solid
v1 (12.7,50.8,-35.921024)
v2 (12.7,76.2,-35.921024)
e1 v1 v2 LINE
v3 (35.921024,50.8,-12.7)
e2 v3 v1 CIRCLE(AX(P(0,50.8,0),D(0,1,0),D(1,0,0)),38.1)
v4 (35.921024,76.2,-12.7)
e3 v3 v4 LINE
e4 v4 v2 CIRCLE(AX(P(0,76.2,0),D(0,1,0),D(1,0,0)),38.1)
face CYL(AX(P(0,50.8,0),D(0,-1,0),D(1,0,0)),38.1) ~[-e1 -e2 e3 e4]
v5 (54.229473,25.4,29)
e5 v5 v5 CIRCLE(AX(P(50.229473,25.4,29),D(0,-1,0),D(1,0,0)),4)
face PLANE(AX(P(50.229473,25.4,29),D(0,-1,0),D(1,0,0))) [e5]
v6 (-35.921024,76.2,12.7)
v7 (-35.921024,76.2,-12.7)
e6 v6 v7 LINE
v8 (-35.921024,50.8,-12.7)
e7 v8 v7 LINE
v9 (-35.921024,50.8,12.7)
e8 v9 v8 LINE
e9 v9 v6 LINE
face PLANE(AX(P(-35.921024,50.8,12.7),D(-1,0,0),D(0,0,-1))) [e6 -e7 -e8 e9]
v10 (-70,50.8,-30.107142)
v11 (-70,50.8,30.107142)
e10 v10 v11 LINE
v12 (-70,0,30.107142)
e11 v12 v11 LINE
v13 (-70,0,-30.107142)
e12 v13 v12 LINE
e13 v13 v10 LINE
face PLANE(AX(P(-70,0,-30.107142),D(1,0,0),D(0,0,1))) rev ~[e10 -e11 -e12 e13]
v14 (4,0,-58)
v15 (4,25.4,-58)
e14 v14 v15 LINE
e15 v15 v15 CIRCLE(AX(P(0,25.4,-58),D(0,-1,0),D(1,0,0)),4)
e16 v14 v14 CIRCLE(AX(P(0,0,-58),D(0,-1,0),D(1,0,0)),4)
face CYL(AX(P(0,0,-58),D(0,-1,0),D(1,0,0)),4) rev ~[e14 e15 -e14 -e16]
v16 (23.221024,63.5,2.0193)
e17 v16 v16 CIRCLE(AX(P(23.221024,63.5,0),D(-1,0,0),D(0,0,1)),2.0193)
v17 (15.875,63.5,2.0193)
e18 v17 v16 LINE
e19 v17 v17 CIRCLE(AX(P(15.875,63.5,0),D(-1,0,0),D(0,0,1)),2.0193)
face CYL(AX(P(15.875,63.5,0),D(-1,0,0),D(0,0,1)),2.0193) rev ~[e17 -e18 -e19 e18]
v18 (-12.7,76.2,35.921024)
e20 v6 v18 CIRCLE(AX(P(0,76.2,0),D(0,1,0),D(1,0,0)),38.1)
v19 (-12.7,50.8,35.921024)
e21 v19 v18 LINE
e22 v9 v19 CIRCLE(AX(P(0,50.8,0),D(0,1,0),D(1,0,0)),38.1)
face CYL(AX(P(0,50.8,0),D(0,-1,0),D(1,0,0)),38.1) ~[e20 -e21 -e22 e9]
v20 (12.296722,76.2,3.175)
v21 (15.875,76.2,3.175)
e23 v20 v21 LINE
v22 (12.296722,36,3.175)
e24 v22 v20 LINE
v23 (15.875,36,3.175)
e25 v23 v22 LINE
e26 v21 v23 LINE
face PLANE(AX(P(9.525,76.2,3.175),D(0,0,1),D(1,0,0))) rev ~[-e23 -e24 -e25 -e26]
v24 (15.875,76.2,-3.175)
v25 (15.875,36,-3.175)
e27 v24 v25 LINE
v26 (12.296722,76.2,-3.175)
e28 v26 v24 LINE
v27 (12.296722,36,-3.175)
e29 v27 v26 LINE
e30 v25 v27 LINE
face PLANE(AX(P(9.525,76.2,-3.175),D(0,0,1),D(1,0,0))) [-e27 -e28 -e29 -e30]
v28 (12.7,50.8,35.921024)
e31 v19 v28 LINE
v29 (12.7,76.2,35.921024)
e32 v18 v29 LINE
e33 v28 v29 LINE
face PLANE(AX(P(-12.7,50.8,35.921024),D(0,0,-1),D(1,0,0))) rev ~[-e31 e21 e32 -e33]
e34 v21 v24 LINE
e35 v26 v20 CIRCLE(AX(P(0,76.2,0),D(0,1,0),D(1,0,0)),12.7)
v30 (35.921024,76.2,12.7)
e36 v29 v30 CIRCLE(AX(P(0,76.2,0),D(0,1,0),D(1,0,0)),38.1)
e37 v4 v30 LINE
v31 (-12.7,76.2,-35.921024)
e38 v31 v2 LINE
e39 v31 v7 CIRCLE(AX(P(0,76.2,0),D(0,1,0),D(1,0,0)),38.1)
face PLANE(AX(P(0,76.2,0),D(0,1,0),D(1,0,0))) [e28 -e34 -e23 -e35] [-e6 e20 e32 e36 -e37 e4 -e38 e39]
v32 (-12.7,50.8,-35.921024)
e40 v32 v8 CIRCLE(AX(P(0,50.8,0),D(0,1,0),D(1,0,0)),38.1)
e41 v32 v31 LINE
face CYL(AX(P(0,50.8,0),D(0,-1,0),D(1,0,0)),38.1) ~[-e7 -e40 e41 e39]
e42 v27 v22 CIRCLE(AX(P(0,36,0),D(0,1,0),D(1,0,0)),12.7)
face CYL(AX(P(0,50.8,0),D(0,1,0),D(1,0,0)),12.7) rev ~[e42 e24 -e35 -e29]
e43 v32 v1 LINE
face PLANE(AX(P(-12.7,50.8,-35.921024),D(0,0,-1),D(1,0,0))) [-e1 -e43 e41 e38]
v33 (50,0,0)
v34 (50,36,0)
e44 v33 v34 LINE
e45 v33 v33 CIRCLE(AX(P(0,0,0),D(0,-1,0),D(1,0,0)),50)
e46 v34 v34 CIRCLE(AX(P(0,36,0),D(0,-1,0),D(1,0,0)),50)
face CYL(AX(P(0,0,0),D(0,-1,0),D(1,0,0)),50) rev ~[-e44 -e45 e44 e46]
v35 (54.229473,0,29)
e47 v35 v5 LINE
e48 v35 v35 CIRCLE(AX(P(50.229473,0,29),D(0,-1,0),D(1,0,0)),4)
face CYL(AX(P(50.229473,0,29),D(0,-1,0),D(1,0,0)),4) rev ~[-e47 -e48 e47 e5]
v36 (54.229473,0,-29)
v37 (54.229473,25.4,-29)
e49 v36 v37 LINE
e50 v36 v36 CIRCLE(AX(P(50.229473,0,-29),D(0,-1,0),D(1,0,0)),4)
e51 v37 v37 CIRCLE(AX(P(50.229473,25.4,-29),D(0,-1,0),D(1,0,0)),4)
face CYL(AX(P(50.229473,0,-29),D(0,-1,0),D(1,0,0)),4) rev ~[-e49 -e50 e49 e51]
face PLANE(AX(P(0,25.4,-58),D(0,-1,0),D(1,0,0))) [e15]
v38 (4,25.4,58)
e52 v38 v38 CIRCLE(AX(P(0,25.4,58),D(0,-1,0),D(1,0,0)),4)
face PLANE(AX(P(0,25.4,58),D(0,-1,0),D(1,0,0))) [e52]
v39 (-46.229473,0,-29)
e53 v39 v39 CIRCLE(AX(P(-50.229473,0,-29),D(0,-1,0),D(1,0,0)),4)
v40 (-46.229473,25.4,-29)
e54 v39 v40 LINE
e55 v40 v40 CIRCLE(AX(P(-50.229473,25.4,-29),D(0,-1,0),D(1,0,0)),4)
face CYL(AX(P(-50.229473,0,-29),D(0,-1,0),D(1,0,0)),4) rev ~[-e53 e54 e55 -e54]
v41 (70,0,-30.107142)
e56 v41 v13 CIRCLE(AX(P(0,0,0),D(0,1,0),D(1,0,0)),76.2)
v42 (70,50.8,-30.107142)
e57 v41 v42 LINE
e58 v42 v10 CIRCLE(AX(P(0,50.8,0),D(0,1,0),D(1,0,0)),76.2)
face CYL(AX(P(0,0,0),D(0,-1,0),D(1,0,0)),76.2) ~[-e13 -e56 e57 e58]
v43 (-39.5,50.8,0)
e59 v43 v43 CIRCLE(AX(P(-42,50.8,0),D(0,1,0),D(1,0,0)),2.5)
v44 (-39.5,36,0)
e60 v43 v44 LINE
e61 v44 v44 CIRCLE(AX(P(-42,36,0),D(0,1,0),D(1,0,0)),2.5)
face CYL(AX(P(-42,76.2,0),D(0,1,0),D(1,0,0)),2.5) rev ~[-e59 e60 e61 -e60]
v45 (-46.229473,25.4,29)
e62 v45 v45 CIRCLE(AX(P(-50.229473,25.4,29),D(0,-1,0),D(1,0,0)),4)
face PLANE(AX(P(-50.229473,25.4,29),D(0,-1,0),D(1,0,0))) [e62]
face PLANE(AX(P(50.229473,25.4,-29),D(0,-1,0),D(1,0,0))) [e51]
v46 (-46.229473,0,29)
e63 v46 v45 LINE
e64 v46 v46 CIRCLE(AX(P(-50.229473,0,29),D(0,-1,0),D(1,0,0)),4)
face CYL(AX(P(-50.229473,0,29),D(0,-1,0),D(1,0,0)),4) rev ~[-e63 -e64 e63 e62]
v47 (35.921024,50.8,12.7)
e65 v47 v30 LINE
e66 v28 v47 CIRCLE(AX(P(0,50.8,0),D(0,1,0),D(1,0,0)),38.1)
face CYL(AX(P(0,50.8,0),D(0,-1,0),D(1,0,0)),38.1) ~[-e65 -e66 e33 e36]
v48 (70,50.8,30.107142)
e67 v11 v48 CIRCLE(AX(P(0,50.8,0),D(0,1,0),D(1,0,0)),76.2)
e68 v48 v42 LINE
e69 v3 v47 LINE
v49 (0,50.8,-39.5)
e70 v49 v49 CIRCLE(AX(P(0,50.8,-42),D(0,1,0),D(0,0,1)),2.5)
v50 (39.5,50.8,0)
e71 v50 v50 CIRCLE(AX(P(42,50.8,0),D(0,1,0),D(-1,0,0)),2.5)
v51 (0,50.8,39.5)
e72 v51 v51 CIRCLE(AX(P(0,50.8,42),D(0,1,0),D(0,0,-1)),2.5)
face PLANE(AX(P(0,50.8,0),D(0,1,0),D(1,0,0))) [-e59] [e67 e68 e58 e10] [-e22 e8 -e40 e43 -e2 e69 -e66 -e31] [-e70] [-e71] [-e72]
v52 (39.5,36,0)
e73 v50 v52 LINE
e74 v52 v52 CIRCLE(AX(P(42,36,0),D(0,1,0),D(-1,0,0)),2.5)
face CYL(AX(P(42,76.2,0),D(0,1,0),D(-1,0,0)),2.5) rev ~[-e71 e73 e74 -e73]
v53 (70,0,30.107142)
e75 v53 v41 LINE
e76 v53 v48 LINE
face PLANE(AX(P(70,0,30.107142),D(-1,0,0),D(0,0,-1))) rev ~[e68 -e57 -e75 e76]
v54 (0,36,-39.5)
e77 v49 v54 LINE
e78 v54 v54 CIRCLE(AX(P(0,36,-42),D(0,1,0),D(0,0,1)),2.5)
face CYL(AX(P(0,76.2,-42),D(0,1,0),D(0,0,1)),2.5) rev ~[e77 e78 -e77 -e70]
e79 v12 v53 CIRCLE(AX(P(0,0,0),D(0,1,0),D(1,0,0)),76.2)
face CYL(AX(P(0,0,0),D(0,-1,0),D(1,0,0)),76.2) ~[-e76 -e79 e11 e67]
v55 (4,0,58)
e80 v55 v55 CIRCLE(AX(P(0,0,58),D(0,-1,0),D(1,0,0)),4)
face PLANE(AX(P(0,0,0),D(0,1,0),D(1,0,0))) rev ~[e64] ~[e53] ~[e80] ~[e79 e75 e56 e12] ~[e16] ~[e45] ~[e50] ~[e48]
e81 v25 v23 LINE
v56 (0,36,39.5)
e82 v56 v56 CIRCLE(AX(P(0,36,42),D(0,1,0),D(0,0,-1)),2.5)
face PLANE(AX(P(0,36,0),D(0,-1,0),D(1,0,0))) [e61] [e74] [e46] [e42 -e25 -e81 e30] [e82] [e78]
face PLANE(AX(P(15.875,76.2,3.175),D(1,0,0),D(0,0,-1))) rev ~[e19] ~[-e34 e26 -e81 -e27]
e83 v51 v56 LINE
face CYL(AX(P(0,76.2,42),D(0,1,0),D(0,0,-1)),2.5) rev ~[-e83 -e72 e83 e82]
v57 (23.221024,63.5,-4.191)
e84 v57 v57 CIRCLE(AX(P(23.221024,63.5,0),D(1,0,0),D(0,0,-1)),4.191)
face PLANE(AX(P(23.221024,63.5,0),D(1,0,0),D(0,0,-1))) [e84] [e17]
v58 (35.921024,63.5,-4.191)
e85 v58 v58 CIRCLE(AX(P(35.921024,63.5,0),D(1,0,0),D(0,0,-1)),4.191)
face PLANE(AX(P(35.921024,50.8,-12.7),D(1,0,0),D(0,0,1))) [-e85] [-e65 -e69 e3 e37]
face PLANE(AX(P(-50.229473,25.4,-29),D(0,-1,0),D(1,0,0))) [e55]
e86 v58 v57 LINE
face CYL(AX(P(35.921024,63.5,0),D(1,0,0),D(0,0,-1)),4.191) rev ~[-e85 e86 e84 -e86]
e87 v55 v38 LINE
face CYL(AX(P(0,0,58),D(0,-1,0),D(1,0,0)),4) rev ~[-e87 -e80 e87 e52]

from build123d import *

# Parameters (mm, degrees)
SKETCH1_R           = 76.2
BOSS_EXTRUDE1_DEPTH = 76.2
SKETCH2_R           = 50
CUT_EXTRUDE1_DEPTH  = 36
SKETCH3_R           = 4
CUT_EXTRUDE3_DEPTH  = 25.4
CUT_EXTRUDE4_DEPTH  = 132.982271537
CUT_EXTRUDE5_START  = -25.4
SKETCH4_R           = 76.2
SKETCH4_R_2         = 38.1
SKETCH4_R_3         = 12.7
CUT_EXTRUDE5_DEPTH  = 25.4
SKETCH8_W           = 6.35
SKETCH8_H           = 6.35
CUT_EXTRUDE7_DEPTH  = 129.502451338
SKETCH10_R          = 12.7
CUT_EXTRUDE8_DEPTH  = 116.269597032
SKETCH9_R           = 2.0193
CUT_EXTRUDE9_DEPTH  = 138.794759062
CUT_EXTRUDE10_START = -25.4
SKETCH11_W          = 25.4
SKETCH11_H          = 2.178975516
SKETCH11_W_2        = 2.178975516
SKETCH11_H_2        = 25.4
CUT_EXTRUDE10_DEPTH = 25.4
SKETCH14_R          = 2.5
CUT_EXTRUDE13_DEPTH = 129.502451338
SKETCH15_R          = 4.191
CUT_EXTRUDE14_DEPTH = 12.7
CIRPATTERN1_COUNT   = 4


with BuildPart() as part:
    # Sketch1 → Boss-Extrude1 (new body)
    with BuildSketch(Plane(origin=(0, 0, 0), x_dir=(1, 0, 0), z_dir=(0, 1, 0))):
        Circle(SKETCH1_R)
    extrude(amount=BOSS_EXTRUDE1_DEPTH)

    # Sketch2 → Cut-Extrude1 (cut)
    with BuildSketch(Plane.XZ):
        Circle(SKETCH2_R)
    extrude(amount=-CUT_EXTRUDE1_DEPTH, mode=Mode.SUBTRACT)

    # Sketch3 → Cut-Extrude3 (cut)
    with BuildSketch(Plane.XZ):
        with Locations((0, 58)):
            Circle(SKETCH3_R)
        with Locations((50.229473419, 29)):
            Circle(SKETCH3_R)
        with Locations((50.229473419, -29)):
            Circle(SKETCH3_R)
        with Locations((0, -58)):
            Circle(SKETCH3_R)
        with Locations((-50.229473419, -29)):
            Circle(SKETCH3_R)
        with Locations((-50.229473419, 29)):
            Circle(SKETCH3_R)
    extrude(amount=-CUT_EXTRUDE3_DEPTH, mode=Mode.SUBTRACT)

    # Sketch5 → Cut-Extrude4 (cut, through all)
    with BuildSketch(Plane.XZ):
        Polygon((70, 0), (70, -30.10714201), (76.2, -30.10714201), (76.2, 30.10714201), (70, 30.10714201), align=None)
        Polygon((-70, 0), (-70, 30.10714201), (-76.35, 30.10714201), (-76.35, -30.10714201), (-70, -30.10714201), align=None)
    extrude(amount=-CUT_EXTRUDE4_DEPTH, mode=Mode.SUBTRACT)

    # Sketch4 → Cut-Extrude5 (cut)
    # profile 1 of 2: a face of its own
    with BuildSketch(Plane(origin=(0, 76.2, 0), x_dir=(1, 0, 0), z_dir=(0, 1, 0)).offset(CUT_EXTRUDE5_START)):
        Circle(SKETCH4_R)
        Circle(SKETCH4_R_2, mode=Mode.SUBTRACT)
    # profile 2 of 2: a face of its own
    with BuildSketch(Plane(origin=(0, 76.2, 0), x_dir=(1, 0, 0), z_dir=(0, 1, 0)).offset(CUT_EXTRUDE5_START)):
        Circle(SKETCH4_R_3)
    extrude(amount=CUT_EXTRUDE5_DEPTH, mode=Mode.SUBTRACT)

    # Sketch8 → Cut-Extrude7 (cut, through all)
    with BuildSketch(Plane(origin=(0, 76.2, 0), x_dir=(1, 0, 0), z_dir=(0, 1, 0))):
        with Locations((12.7, 0)):
            Rectangle(SKETCH8_W, SKETCH8_H)
    extrude(amount=-CUT_EXTRUDE7_DEPTH, mode=Mode.SUBTRACT)

    # Sketch10 → Cut-Extrude8 (cut, through all)
    with BuildSketch(Plane(origin=(0, 50.8, 0), x_dir=(1, 0, 0), z_dir=(0, 1, 0))):
        Circle(SKETCH10_R)
    extrude(amount=-CUT_EXTRUDE8_DEPTH, mode=Mode.SUBTRACT)

    # Sketch9 → Cut-Extrude9 (cut, through all)
    with BuildSketch(Plane.ZY.offset(-15.875)):
        with Locations((0, 63.5)):
            Circle(SKETCH9_R)
    extrude(amount=-CUT_EXTRUDE9_DEPTH, mode=Mode.SUBTRACT)

    # Sketch11 → Cut-Extrude10 (cut)
    with BuildSketch(Plane(origin=(0, 76.2, 0), x_dir=(1, 0, 0), z_dir=(0, 1, 0)).offset(CUT_EXTRUDE10_START)):
        with BuildLine():
            ThreePointArc((35.921024484, -12.7), (38.1, 0), (35.921024484, 12.7))
            Line((35.921024484, 12.7), (35.921024484, -12.7))
        make_face()
        with Locations((0, -37.010512242)):
            Rectangle(SKETCH11_W, SKETCH11_H)
        with Locations((0, 37.010512242)):
            Rectangle(SKETCH11_W, SKETCH11_H)
        with Locations((-37.010512242, 0)):
            Rectangle(SKETCH11_W_2, SKETCH11_H_2)
    extrude(amount=CUT_EXTRUDE10_DEPTH, mode=Mode.SUBTRACT)

    # Sketch14 → Cut-Extrude13 (cut, through all)
    with BuildSketch(Plane(origin=(0, 76.2, 0), x_dir=(1, 0, 0), z_dir=(0, 1, 0))):
        with Locations((-42, 0)):
            Circle(SKETCH14_R)
    cut_extrude13 = extrude(amount=-CUT_EXTRUDE13_DEPTH, mode=Mode.SUBTRACT)

    # Sketch15 → Cut-Extrude14 (cut)
    with BuildSketch(Plane(origin=(35.921024484, 0, 0), x_dir=(0, 0, -1), z_dir=(1, 0, 0))):
        with Locations((0, 63.5)):
            Circle(SKETCH15_R)
    extrude(amount=-CUT_EXTRUDE14_DEPTH, mode=Mode.SUBTRACT)

    # CirPattern1: Cut-Extrude13 ×4 about axis
    cirpattern1_axis = Axis((0, 76.2, 0), (0, 1, 0))
    for i in range(1, CIRPATTERN1_COUNT):
        add(cut_extrude13.rotate(cirpattern1_axis, i * 360 / CIRPATTERN1_COUNT), mode=Mode.SUBTRACT)


solid = part.part
